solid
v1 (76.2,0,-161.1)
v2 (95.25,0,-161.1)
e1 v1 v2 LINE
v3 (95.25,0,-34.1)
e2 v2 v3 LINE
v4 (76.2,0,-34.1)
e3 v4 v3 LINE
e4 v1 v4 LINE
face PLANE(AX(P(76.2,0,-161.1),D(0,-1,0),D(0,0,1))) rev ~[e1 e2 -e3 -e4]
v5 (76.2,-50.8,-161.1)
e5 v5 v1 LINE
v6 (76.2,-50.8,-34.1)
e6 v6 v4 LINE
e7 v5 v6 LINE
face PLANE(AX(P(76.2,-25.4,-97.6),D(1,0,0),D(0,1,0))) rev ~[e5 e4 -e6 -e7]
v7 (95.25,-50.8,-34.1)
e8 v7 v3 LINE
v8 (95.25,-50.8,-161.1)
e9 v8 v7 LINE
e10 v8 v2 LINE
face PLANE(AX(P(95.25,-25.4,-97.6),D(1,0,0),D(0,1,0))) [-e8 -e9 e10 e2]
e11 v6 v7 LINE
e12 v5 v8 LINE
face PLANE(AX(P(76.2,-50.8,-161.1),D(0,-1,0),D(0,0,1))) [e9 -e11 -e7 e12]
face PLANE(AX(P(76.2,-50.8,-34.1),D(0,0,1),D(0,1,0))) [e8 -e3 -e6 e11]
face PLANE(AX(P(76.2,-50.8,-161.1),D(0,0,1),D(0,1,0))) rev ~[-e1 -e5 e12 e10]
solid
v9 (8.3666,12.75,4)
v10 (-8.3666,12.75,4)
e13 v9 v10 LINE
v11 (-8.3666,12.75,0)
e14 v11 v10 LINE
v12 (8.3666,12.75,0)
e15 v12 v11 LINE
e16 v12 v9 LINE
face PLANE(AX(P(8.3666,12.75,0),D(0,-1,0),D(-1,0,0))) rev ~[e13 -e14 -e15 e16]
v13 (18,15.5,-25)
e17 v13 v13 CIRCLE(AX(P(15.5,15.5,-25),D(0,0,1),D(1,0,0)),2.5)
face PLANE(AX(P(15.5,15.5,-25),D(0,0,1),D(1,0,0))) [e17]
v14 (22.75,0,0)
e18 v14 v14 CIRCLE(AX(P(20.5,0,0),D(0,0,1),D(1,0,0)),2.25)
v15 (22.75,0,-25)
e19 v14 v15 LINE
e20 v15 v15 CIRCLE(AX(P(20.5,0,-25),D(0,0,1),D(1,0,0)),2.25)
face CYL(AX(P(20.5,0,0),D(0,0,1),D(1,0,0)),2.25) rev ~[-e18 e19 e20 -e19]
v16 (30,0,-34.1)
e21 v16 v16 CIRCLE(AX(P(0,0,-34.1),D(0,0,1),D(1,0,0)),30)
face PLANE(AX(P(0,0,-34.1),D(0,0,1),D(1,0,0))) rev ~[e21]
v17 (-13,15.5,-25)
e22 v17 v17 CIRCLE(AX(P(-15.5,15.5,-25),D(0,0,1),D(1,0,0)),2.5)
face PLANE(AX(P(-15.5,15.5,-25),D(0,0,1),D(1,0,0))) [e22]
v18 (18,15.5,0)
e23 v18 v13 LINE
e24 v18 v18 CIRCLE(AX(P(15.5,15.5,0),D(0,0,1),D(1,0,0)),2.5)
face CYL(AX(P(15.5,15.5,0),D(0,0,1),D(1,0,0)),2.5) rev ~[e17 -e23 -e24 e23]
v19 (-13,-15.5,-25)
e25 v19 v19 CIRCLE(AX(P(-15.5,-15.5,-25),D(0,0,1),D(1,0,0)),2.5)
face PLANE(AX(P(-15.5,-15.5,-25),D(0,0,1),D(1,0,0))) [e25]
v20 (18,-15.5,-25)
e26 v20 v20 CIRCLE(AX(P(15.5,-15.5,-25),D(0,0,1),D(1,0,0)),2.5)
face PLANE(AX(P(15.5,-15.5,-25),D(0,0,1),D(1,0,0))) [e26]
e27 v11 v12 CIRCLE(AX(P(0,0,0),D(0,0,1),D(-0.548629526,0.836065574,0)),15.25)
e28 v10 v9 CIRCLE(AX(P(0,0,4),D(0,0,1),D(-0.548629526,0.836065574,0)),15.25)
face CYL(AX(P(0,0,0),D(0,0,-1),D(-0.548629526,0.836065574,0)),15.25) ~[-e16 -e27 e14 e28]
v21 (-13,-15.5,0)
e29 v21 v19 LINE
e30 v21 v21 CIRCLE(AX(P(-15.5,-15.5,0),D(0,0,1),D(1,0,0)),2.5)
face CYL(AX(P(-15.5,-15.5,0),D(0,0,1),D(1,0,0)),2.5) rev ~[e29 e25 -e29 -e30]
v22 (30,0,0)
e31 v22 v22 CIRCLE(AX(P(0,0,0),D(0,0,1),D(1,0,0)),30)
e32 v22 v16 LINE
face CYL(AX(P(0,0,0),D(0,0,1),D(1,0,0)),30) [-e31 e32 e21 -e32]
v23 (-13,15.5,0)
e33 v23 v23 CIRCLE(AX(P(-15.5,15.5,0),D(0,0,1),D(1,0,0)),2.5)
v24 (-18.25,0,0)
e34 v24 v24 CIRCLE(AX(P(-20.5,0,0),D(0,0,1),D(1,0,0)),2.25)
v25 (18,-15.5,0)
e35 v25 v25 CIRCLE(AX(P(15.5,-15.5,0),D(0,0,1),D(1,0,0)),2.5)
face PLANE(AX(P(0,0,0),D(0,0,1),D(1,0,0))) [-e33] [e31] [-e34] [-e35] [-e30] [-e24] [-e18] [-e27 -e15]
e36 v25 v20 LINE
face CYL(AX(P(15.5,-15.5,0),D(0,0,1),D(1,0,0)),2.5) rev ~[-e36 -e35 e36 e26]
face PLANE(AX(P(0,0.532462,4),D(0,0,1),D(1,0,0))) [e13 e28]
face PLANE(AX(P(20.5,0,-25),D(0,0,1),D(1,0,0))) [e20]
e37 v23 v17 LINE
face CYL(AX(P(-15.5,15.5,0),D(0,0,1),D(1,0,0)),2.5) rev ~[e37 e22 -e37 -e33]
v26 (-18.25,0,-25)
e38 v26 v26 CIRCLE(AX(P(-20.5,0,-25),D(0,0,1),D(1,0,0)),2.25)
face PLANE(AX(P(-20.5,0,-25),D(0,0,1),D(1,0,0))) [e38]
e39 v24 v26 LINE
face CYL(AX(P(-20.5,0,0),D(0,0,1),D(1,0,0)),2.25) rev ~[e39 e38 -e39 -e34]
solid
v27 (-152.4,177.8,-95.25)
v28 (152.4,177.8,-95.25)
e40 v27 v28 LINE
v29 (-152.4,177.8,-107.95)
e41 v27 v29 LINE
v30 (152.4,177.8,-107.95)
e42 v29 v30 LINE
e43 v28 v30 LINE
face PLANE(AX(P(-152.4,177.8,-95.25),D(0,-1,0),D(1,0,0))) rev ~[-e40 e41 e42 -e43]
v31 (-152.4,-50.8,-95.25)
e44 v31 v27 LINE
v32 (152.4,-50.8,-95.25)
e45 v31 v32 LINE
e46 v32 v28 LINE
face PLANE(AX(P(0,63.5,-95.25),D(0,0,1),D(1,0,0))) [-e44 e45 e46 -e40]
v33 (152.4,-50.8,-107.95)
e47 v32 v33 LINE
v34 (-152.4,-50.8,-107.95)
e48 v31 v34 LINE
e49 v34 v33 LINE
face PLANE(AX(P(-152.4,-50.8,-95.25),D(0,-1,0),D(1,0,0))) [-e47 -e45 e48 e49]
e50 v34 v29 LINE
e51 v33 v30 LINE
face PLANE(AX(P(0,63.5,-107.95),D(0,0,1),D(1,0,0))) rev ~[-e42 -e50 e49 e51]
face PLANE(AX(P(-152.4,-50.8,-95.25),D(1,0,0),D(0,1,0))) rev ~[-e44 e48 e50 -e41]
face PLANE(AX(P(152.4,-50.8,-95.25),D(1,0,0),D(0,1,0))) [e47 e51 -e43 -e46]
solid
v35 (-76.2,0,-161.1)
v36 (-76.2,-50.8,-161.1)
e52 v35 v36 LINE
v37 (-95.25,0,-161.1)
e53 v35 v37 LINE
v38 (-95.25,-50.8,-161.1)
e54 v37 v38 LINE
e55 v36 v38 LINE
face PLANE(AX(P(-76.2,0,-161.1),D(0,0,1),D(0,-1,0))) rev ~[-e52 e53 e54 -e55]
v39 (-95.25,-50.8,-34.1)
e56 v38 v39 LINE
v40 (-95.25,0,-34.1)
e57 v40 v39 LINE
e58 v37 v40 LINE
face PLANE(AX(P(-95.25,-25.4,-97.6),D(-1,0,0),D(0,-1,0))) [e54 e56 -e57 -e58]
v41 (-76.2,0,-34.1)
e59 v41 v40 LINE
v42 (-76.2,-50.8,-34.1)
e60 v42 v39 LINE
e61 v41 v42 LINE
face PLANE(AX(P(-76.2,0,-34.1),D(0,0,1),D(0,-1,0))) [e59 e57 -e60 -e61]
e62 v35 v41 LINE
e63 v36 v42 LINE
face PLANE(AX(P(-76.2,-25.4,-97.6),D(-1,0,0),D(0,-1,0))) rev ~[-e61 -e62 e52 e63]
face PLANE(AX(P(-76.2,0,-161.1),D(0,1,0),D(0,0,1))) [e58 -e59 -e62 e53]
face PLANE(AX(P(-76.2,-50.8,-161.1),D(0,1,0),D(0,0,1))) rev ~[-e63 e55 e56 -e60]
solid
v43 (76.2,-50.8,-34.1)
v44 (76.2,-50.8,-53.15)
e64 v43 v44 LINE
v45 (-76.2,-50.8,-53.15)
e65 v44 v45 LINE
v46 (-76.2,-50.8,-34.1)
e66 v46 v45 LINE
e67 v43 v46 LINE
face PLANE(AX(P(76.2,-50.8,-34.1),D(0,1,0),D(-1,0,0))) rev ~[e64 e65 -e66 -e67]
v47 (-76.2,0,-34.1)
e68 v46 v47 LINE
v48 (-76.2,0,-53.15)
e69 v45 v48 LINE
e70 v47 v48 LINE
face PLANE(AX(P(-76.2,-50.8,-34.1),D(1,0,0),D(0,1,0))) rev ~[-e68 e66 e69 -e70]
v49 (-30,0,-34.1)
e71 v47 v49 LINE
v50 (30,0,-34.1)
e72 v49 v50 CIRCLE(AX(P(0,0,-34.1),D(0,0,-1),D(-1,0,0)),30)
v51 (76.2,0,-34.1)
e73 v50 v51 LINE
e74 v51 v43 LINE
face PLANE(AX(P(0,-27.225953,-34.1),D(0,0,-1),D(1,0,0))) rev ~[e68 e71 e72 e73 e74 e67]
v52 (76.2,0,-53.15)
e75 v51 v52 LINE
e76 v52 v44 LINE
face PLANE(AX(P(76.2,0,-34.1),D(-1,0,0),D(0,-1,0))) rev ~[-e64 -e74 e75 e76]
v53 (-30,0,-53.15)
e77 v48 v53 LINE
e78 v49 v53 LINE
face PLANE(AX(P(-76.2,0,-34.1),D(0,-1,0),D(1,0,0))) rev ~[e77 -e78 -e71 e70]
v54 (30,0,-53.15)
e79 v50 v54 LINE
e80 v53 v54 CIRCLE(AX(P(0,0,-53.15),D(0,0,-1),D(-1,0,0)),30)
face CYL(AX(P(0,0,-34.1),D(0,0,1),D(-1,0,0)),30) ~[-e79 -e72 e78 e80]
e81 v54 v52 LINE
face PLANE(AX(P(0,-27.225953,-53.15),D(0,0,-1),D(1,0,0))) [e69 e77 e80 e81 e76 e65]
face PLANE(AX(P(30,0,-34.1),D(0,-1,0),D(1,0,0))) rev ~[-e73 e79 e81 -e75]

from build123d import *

# Parameters (mm, degrees)
F0_R      = 30
F1_DEPTH  = 34.1
F3_DEPTH  = 4
F4_R      = 2.5
F4_R_2    = 2.25
F5_DEPTH  = 25
F7_DEPTH  = 19.05
F8_W      = 50.8
F8_H      = 127
F9_DEPTH  = 19.05
F10_W     = 50.8
F10_H     = 127
F11_DEPTH = 19.05
F13_W     = 304.8
F13_H     = 228.6
F14_DEPTH = 12.7


with BuildPart() as f1:
    # F0 (on Top) → F1 (new body)
    with BuildSketch(Plane.XY):
        Circle(F0_R)
    extrude(amount=-F1_DEPTH)

    # F2 (on face) → F3 (join)
    with BuildSketch(Plane.XY):
        with BuildLine():
            Line((8.3666002653, 12.75), (-8.3666002653, 12.75))
            ThreePointArc((-8.3666002653, 12.75), (0, -15.25), (8.3666002653, 12.75))
        make_face()
    extrude(amount=F3_DEPTH)

    # F4 (on face) → F5 (cut)
    with BuildSketch(Plane.XY):
        with Locations((15.5, 15.5)):
            Circle(F4_R)
        with Locations((-15.5, 15.5)):
            Circle(F4_R)
        with Locations((-15.5, -15.5)):
            Circle(F4_R)
        with Locations((15.5, -15.5)):
            Circle(F4_R)
        with Locations((-20.5, 0)):
            Circle(F4_R_2)
        with Locations((20.5, 0)):
            Circle(F4_R_2)
    extrude(amount=-F5_DEPTH, mode=Mode.SUBTRACT)


with BuildPart() as f7:
    # F6 (on face) → F7 (new body)
    with BuildSketch(Plane(origin=(0, 0, -34.1), x_dir=(1, 0, 0), z_dir=(0, 0, -1))):
        with BuildLine():
            ThreePointArc((-30, 0), (0, 30), (30, 0))
            Line((30, 0), (76.2, 0))
            Line((76.2, 0), (76.2, 50.8))
            Line((76.2, 50.8), (-76.2, 50.8))
            Line((-76.2, 50.8), (-76.2, 0))
            Line((-76.2, 0), (-30, 0))
        make_face()
        with BuildLine():
            ThreePointArc((-30, 0), (0, -30), (30, 0))
            Line((30, 0), (-30, 0))
        make_face()
        with BuildLine():
            Line((-30, 0), (30, 0))
            ThreePointArc((30, 0), (0, 30), (-30, 0))
        make_face()
    extrude(amount=F7_DEPTH)


with BuildPart() as f9:
    # F8 (on face) → F9 (new body)
    with BuildSketch(Plane.YZ.offset(76.2)):
        with Locations((-25.4, -97.6)):
            Rectangle(F8_W, F8_H)
    extrude(amount=F9_DEPTH)


with BuildPart() as f11:
    # F10 (on face) → F11 (new body)
    with BuildSketch(Plane(origin=(-76.2, 0, 0), x_dir=(0, -1, 0), z_dir=(-1, 0, 0))):
        with Locations((25.4, -97.6)):
            Rectangle(F10_W, F10_H)
    extrude(amount=F11_DEPTH)


with BuildPart() as f14:
    # F13 (on offset) → F14 (new body)
    with BuildSketch(Plane.XY.offset(-95.25)):
        with Locations((0, 63.5)):
            Rectangle(F13_W, F13_H)
    extrude(amount=-F14_DEPTH)


solid = Compound([f1.part, f7.part, f9.part, f11.part, f14.part])
